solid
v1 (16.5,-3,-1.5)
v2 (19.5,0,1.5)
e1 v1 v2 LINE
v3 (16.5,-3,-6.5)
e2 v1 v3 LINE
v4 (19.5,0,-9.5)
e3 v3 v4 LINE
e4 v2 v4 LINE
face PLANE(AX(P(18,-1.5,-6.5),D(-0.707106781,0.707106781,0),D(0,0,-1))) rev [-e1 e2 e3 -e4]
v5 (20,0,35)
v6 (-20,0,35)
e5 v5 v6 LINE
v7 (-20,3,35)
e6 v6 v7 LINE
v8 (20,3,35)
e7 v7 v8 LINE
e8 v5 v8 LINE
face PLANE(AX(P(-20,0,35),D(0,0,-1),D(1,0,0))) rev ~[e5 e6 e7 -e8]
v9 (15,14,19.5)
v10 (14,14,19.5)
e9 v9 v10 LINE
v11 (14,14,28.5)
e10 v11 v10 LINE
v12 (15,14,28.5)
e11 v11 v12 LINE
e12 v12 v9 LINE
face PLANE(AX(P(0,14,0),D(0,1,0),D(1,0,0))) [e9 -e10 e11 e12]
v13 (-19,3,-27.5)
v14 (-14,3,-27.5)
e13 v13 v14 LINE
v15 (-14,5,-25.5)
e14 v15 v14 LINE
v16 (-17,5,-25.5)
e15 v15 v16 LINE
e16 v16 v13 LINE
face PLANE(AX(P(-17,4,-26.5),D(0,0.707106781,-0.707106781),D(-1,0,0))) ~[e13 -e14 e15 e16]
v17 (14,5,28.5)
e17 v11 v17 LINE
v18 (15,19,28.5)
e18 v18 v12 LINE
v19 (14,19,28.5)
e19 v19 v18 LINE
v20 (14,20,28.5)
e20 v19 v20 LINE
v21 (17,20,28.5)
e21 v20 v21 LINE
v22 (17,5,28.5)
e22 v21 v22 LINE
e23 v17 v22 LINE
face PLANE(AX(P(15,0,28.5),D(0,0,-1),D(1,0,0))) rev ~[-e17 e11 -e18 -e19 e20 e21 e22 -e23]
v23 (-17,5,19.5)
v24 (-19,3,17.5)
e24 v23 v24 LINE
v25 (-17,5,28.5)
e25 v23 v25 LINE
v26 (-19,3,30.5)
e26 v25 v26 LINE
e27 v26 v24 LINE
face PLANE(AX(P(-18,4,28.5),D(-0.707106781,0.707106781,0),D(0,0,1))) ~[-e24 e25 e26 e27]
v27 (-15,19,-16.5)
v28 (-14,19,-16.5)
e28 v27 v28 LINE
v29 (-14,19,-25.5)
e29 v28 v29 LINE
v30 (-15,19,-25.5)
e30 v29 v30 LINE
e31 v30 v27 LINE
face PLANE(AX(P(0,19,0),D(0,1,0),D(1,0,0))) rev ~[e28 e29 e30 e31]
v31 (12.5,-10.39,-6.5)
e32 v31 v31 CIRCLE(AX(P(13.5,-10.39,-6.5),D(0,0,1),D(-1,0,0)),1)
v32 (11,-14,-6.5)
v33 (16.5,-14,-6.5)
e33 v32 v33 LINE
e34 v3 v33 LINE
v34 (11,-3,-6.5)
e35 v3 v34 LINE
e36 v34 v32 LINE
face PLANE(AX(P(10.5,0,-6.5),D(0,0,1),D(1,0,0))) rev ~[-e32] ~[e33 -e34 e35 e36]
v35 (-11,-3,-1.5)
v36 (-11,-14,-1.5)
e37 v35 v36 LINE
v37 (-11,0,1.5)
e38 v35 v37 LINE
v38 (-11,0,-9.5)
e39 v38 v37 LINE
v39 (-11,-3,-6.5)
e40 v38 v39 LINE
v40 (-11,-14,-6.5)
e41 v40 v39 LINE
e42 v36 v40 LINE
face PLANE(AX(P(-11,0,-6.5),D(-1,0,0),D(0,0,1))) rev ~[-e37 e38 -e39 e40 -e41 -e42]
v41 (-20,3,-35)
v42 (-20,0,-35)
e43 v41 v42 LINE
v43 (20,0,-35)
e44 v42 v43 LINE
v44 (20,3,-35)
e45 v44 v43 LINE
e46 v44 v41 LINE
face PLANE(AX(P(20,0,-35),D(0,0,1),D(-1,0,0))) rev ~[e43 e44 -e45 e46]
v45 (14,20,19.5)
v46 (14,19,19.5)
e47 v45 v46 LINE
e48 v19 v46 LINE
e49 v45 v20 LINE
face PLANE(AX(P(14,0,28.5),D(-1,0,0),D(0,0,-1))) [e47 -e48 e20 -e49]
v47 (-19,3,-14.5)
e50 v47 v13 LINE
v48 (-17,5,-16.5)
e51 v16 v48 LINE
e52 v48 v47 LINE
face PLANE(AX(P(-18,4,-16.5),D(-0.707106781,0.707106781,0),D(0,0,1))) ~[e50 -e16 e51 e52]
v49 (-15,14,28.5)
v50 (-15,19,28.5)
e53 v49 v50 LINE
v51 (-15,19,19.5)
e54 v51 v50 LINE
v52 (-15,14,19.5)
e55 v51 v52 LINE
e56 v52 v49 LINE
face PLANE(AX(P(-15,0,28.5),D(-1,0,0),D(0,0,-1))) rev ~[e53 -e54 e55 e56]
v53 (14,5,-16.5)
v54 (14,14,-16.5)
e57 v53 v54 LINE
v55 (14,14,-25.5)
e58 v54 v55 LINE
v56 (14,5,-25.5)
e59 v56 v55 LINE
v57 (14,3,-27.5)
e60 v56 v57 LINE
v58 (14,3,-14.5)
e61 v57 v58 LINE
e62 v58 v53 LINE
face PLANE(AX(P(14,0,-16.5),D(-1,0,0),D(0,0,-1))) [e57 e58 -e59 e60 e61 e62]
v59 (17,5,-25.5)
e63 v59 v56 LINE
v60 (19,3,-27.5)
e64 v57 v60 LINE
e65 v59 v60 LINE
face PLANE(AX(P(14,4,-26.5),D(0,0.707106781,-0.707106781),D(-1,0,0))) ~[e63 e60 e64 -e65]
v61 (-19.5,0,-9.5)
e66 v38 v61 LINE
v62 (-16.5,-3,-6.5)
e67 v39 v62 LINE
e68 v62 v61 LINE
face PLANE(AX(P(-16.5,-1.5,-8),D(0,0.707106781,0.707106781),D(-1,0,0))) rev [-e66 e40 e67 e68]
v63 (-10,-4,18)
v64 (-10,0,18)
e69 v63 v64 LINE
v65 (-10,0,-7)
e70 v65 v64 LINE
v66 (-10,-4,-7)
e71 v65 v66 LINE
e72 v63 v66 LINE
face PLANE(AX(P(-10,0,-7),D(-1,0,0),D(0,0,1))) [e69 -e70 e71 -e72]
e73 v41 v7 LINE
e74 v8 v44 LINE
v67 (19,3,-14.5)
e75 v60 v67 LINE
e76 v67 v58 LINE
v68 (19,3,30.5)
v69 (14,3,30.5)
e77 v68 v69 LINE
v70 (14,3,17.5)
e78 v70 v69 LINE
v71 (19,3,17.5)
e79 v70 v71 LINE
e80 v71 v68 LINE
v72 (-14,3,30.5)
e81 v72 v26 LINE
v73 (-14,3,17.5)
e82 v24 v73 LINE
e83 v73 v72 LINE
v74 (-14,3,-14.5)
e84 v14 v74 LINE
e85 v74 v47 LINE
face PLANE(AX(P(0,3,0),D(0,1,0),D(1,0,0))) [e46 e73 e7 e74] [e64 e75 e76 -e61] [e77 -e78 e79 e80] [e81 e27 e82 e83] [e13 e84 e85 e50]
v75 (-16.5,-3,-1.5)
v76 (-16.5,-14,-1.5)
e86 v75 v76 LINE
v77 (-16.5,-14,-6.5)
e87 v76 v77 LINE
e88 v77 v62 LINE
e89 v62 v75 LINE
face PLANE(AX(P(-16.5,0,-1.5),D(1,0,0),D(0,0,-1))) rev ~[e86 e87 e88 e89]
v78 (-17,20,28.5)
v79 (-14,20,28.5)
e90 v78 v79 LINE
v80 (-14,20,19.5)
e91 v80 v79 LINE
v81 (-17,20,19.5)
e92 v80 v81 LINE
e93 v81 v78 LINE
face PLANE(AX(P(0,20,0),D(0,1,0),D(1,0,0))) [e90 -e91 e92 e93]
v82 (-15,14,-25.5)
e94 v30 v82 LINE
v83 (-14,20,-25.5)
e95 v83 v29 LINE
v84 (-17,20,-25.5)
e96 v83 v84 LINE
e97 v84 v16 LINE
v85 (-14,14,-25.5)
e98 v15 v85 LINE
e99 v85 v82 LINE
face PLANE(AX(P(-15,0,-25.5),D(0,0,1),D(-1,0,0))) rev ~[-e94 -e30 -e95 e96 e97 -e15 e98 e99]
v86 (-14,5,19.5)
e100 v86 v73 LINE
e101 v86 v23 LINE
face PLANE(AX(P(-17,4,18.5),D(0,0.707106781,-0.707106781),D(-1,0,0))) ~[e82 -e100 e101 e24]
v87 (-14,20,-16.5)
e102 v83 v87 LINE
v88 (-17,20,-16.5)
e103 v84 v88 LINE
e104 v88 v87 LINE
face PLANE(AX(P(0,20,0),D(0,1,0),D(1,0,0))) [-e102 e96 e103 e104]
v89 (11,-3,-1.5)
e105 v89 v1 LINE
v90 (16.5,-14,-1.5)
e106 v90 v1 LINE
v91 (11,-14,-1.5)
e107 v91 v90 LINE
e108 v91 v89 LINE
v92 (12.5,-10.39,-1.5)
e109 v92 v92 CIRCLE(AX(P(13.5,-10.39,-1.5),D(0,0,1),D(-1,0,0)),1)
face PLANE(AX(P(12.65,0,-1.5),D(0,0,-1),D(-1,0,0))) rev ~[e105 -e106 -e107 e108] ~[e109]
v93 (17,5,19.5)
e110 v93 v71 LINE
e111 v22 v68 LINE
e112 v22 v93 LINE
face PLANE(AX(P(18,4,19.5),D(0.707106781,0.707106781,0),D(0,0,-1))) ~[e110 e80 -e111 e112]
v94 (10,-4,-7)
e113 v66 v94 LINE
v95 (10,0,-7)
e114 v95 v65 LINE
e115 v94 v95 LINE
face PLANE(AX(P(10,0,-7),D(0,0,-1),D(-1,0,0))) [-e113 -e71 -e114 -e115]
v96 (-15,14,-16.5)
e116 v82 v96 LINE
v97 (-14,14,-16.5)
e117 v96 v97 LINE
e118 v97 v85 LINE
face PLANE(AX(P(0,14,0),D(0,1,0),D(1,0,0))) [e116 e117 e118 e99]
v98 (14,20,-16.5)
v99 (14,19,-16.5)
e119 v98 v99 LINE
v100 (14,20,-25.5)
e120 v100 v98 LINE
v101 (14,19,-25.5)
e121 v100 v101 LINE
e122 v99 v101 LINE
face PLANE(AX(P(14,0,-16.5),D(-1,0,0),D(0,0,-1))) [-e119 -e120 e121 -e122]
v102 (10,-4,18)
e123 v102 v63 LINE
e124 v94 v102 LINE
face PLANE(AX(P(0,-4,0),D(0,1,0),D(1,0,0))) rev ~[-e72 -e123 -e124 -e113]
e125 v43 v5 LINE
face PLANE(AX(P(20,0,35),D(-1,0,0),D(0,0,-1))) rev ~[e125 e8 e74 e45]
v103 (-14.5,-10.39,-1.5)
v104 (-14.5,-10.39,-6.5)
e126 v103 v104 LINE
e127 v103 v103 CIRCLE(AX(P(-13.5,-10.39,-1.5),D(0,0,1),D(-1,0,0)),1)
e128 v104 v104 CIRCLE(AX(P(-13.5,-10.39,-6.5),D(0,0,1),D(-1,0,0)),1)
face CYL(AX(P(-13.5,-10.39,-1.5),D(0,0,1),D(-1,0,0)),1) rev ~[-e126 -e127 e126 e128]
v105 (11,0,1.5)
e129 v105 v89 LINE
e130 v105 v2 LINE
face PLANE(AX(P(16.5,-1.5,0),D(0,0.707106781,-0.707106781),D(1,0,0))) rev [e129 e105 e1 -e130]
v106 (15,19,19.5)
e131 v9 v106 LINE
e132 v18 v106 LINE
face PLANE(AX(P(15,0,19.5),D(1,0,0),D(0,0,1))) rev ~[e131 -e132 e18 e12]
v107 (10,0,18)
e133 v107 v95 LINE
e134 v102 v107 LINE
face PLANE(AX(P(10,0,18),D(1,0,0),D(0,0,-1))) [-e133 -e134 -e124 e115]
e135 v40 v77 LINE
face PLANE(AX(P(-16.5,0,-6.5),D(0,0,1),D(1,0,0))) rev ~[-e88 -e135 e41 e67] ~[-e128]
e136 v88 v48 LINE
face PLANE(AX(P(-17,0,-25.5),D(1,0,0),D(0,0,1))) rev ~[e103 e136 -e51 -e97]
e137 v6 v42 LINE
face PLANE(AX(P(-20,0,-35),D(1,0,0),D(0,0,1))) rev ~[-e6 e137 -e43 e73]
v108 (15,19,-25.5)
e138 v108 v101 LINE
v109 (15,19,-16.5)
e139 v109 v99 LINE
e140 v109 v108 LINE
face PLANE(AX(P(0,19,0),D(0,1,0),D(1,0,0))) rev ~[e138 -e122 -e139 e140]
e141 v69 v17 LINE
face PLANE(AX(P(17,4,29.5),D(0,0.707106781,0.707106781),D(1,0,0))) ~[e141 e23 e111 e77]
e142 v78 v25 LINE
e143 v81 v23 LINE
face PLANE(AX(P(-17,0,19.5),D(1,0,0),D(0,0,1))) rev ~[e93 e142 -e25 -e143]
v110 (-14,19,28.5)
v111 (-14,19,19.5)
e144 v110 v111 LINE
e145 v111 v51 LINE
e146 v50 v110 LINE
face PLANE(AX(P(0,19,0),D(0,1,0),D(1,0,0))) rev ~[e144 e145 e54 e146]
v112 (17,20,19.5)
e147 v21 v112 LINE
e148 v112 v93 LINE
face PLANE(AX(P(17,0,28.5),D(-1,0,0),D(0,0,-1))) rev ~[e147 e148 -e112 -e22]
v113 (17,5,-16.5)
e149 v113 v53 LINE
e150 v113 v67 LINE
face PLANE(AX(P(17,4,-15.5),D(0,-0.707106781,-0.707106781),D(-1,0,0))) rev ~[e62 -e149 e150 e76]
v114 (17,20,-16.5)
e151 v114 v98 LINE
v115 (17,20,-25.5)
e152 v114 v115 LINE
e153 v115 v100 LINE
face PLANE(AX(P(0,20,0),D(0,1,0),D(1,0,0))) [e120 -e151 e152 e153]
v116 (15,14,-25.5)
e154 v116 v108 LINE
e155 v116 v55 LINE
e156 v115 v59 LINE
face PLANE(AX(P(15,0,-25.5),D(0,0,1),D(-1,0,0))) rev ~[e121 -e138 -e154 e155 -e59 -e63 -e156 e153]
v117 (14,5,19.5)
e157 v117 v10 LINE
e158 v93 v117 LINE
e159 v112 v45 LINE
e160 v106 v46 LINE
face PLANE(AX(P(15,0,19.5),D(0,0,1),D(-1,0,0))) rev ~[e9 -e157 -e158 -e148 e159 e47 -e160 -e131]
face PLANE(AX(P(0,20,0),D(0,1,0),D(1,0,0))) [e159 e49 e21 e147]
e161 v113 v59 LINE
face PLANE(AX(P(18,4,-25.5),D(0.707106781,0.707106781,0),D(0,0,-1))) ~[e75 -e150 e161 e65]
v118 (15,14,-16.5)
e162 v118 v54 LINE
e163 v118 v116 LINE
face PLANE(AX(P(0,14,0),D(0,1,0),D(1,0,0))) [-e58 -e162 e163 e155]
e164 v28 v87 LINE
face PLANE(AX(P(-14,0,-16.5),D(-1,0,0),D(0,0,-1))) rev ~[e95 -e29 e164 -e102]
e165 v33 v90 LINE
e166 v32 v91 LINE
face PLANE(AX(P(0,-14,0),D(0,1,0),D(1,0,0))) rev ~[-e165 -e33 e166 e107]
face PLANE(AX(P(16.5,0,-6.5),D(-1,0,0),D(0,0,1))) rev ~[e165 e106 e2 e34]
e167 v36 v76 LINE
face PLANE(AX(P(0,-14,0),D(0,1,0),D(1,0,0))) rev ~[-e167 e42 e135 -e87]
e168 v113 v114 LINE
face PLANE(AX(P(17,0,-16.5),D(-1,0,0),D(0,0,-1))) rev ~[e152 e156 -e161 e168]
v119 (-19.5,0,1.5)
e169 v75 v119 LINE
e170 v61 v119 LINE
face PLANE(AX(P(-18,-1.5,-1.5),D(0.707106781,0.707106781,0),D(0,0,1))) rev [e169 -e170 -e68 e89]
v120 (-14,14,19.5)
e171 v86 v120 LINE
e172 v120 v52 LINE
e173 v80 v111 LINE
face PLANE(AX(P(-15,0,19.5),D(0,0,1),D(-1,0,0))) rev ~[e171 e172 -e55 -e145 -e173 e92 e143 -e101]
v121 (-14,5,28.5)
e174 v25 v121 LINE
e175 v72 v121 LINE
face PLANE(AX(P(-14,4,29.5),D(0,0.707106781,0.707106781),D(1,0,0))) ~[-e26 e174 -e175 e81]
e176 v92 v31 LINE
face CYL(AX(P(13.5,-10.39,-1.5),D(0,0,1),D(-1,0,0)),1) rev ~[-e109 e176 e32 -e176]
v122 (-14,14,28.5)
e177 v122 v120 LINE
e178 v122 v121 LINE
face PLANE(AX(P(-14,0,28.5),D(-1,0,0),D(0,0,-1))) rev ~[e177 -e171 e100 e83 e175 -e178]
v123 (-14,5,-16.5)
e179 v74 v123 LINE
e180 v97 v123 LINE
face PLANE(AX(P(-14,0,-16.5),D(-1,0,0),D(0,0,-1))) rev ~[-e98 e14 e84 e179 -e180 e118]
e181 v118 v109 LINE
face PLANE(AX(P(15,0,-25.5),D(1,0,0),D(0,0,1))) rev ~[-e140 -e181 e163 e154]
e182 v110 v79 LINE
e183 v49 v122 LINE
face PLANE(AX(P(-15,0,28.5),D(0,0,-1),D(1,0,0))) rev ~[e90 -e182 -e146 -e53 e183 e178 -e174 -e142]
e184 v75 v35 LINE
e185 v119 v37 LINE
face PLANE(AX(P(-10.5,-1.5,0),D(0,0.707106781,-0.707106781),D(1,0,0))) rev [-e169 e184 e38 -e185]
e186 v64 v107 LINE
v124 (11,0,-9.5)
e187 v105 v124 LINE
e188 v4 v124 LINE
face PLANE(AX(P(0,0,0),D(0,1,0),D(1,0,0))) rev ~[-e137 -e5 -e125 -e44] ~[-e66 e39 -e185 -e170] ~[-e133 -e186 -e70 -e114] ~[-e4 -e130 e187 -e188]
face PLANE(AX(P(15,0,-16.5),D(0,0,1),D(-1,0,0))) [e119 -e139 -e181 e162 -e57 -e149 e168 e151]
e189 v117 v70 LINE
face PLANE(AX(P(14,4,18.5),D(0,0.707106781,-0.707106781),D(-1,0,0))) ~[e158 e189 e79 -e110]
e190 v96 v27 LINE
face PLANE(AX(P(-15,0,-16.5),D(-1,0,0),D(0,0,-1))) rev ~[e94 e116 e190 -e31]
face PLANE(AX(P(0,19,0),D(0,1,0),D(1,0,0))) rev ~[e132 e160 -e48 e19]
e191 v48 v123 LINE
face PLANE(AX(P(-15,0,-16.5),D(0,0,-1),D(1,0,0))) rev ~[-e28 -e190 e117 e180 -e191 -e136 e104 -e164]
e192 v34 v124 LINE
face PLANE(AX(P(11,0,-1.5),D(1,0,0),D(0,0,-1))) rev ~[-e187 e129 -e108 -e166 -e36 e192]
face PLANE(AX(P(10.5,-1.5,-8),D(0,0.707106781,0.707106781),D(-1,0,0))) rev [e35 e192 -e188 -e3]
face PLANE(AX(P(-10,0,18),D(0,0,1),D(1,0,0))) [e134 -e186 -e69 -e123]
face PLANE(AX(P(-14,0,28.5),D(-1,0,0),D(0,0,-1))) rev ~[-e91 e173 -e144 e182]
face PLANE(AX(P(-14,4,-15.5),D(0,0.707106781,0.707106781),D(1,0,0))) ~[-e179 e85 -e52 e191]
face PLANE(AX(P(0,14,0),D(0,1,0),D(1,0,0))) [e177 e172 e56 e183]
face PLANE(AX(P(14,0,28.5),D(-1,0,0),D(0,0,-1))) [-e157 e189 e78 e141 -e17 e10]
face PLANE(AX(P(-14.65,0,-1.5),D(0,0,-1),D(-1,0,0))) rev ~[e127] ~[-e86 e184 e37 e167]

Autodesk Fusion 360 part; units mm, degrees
sketch "Sketch1" plane through (0, 0, 0) normal (0, 1, 0) x (1, 0, 0)
  line L0 (-20, -35) -> (20, -35)
  line L1 (20, -35) -> (20, 35)
  line L2 (20, 35) -> (-20, 35)
  line L3 (-20, 35) -> (-20, -35)
  line L4 (-14.65, -4.5) -> (-12.65, -4.5)
  line L5 (-12.65, -4.5) -> (-12.65, 4.5)
  line L6 (-12.65, 4.5) -> (-14.65, 4.5)
  line L7 (-14.65, 4.5) -> (-14.65, -4.5)
  line L8 (12.65, -4.5) -> (14.65, -4.5)
  line L9 (14.65, -4.5) -> (14.65, 4.5)
  line L10 (14.65, 4.5) -> (12.65, 4.5)
  line L11 (12.65, 4.5) -> (12.65, -4.5)
  line L12 (-12.65, -4.5) -> (-11.65, -4.5)
  line L13 (-11.65, -4.5) -> (-11.65, 4.5)
  line L14 (-11.65, 4.5) -> (-12.65, 4.5)
  line L15 (-12.65, 4.5) -> (-12.65, -4.5)
  line L16 (12.65, -4.5) -> (11.65, -4.5)
  line L17 (11.65, -4.5) -> (11.65, 4.5)
  line L18 (11.65, 4.5) -> (12.65, 4.5)
  line L19 (12.65, 4.5) -> (12.65, -4.5)
  circle A0 centre (0, 0) radius 5
  line L20 (14, 16.5) -> (14, 25.5)
  line L21 (15, 16.5) -> (14, 16.5)
  line L22 (17, 16.5) -> (17, 25.5)
  line L23 (15, 25.5) -> (15, 16.5)
  line L24 (15, 16.5) -> (17, 16.5)
  line L25 (15, 25.5) -> (15, 16.5)
  line L26 (15, -19.5) -> (15, -28.5)
  line L27 (15, -19.5) -> (15, -28.5)
  line L28 (15, -28.5) -> (17, -28.5)
  line L29 (14, -28.5) -> (14, -19.5)
  line L30 (15, -28.5) -> (14, -28.5)
  line L31 (17, -28.5) -> (17, -19.5)
  line L32 (-15, -28.5) -> (-15, -19.5)
  line L33 (-17, -19.5) -> (-17, -28.5)
  line L34 (-15, -28.5) -> (-14, -28.5)
  line L35 (-14, -28.5) -> (-14, -19.5)
  line L36 (-15, -19.5) -> (-17, -19.5)
  line L37 (-15, -19.5) -> (-15, -28.5)
  line L38 (-14, -19.5) -> (-15, -19.5)
  line L39 (-17, -28.5) -> (-15, -28.5)
  line L40 (-15, 16.5) -> (-15, 25.5)
  line L41 (-17, 25.5) -> (-17, 16.5)
  line L42 (-15, 16.5) -> (-14, 16.5)
  line L43 (-14, 16.5) -> (-14, 25.5)
  line L44 (-15, 25.5) -> (-17, 25.5)
  line L45 (-15, 25.5) -> (-15, 16.5)
  line L46 (-14, 25.5) -> (-15, 25.5)
  line L47 (-17, 16.5) -> (-15, 16.5)
  line L48 (17, 25.5) -> (14, 25.5)
  line L49 (17, -19.5) -> (14, -19.5)
  line L50 (12.65, 1.5) -> (14.65, 1.5)
  line L51 (-14.65, 1.5) -> (-12.65, 1.5)
  line L52 (-10, -18) -> (10, -18)
  line L53 (10, -18) -> (10, 7)
  line L54 (10, 7) -> (-10, 7)
  line L55 (-10, 7) -> (-10, -18)
  line L56 (16.5, 1.5) -> (10.5, 1.5)
  line L57 (10.5, 1.5) -> (10.5, 6.5)
  line L58 (10.5, 6.5) -> (16.5, 6.5)
  line L59 (16.5, 6.5) -> (16.5, 1.5)
  line L60 (-10.5, 1.5) -> (-16.5, 1.5)
  line L61 (-16.5, 1.5) -> (-16.5, 6.5)
  line L62 (-16.5, 6.5) -> (-10.5, 6.5)
  line L63 (-10.5, 6.5) -> (-10.5, 1.5)
  dimension "d1" = 40
  dimension "d2" = 70
  dimension "d3" = 20
  dimension "d4" = 35
  dimension "d5" = 9
  dimension "d6" = 2
  dimension "d7" = 4.5
  dimension "d8" = 12.65
  dimension "d9" = 2
  dimension "d10" = 9
  dimension "d11" = 12.65
  dimension "d12" = 4.5
  dimension "d13" = 1
  dimension "d14" = 9
  dimension "d15" = 1
  dimension "d16" = 9
  dimension "d17" = 10
  dimension "d18" = 2
  dimension "d19" = 9
  dimension "d20" = 1
  dimension "d21" = 9
  dimension "d22" = 2
  dimension "d23" = 9
  dimension "d24" = 1
  dimension "d25" = 9
  dimension "d26" = 9
  dimension "d27" = 2
  dimension "d28" = 1
  dimension "d29" = 9
  dimension "d30" = 9
  dimension "d31" = 2
  dimension "d32" = 1
  dimension "d33" = 9
  dimension "d40" = 3
  dimension "d41" = 3
  dimension "d58" = 20
  dimension "d59" = 25
  dimension "d60" = 10
  dimension "d61" = 18
  dimension "d64" = 6
  dimension "d65" = 5
  dimension "d66" = 2.15
  dimension "d67" = 2.15
  dimension "d79" = 3
  dimension "d80" = 3
  dimension "d81" = 3
  dimension "d82" = 3
extrude "Extrude1" add sketch "Sketch1" along normal blind 3 contours L0 L1 L2 L3 | L4 L5 L7 L15 L51 L60 | L5 L12 L13 L15 L60 | L6 L7 L13 L14 L60 L61 L62 L63 | L5 L6 L7 L15 L51 L60 | L5 L13 L14 L15 L60 | L8 L9 L11 L19 L50 L56 | L11 L16 L17 L19 L56 | L11 L17 L18 L19 L56 | L9 L10 L11 L19 L50 L56 | L9 L10 L17 L18 L56 L57 L58 L59 | A0 | L20 L21 L23 L25 L48 | L22 L23 L24 L25 L48 | L26 L27 L28 L31 L49 | L26 L27 L29 L30 L49 | L32 L33 L36 L37 L39 | L32 L34 L35 L37 L38 | L40 L41 L44 L45 L47 | L40 L42 L43 L45 L46 | L52 L53 L54 L55
extrude "Extrude2" add sketch "Sketch1" against normal blind 14 contours L6 L7 L13 L14 L60 L61 L62 L63 | L5 L6 L7 L15 L51 L60 | L5 L13 L14 L15 L60 | L11 L17 L18 L19 L56 | L9 L10 L11 L19 L50 L56 | L9 L10 L17 L18 L56 L57 L58 L59
extrude "Extrude4" add sketch "Sketch1" along normal blind 20 contours L20 L21 L23 L25 L48 | L22 L23 L24 L25 L48 | L26 L27 L28 L31 L49 | L26 L27 L29 L30 L49 | L32 L33 L36 L37 L39 | L32 L34 L35 L37 L38 | L40 L41 L44 L45 L47 | L40 L42 L43 L45 L46
extrude "Extrude5" cut sketch "Sketch1" along normal blind 19 contours L20 L21 L23 L25 L48 | L26 L27 L29 L30 L49 | L32 L34 L35 L37 L38 | L40 L42 L43 L45 L46
extrude "Extrude6" add sketch "Sketch1" along normal blind 14 contours L20 L21 L23 L25 L48 | L26 L27 L29 L30 L49 | L32 L34 L35 L37 L38 | L40 L42 L43 L45 L46
chamfer "Chamfer3" distance 2 angle 45 12 edges at (-15.5, 3, -16.5) (-17, 3, 24) (-17, 3, -21) (-15.5, 3, -25.5) (15.5, 3, -25.5) (17, 3, -21) (15.5, 3, -16.5) (15.5, 3, 19.5) (17, 3, 24) (15.5, 3, 28.5) (-15.5, 3, 28.5) (-15.5, 3, 19.5)
extrude "Extrude7" add sketch "Sketch1" against normal blind 4 contours A0 | L52 L53 L54 L55
sketch "Sketch2" plane through (0, 0, -1.5) normal (0, 0, 1) x (-1, 0, 0)
  line L0 (10.5, 0) -> (16.5, 0)
  line L1 (16.5, 0) -> (16.5, 14)
  line L2 (16.5, 14) -> (10.5, 14)
  line L3 (10.5, 14) -> (10.5, 0)
  circle A0 centre (13.5, 10.39) radius 1
  circle A1 centre (-13.5, 10.39) radius 1
  line L4 (-10.5, 0) -> (-10.5, 14)
  line L5 (20, 0) -> (-20, 0)
  dimension "d68" = 2
  dimension "d70" = 10.39
  dimension "d71" = 3
  dimension "d72" = 2
  dimension "d73" = 3
  dimension "d74" = 10.39
extrude "Extrude8" cut sketch "Sketch2" against normal blind 9 contours A0 | A1
chamfer "Chamfer4" distance 3 angle 45 6 edges at (16.5, 0, -4) (13.5, 0, -1.5) (13.5, 0, -6.5) (-13.5, 0, -6.5) (-16.5, 0, -4) (-13.5, 0, -1.5)
move_face "OffsetFaces1" offset -0.5 2 faces at (10.5, -6.6667, -4.8333) (-10.5, -6.6667, -3.1667)
